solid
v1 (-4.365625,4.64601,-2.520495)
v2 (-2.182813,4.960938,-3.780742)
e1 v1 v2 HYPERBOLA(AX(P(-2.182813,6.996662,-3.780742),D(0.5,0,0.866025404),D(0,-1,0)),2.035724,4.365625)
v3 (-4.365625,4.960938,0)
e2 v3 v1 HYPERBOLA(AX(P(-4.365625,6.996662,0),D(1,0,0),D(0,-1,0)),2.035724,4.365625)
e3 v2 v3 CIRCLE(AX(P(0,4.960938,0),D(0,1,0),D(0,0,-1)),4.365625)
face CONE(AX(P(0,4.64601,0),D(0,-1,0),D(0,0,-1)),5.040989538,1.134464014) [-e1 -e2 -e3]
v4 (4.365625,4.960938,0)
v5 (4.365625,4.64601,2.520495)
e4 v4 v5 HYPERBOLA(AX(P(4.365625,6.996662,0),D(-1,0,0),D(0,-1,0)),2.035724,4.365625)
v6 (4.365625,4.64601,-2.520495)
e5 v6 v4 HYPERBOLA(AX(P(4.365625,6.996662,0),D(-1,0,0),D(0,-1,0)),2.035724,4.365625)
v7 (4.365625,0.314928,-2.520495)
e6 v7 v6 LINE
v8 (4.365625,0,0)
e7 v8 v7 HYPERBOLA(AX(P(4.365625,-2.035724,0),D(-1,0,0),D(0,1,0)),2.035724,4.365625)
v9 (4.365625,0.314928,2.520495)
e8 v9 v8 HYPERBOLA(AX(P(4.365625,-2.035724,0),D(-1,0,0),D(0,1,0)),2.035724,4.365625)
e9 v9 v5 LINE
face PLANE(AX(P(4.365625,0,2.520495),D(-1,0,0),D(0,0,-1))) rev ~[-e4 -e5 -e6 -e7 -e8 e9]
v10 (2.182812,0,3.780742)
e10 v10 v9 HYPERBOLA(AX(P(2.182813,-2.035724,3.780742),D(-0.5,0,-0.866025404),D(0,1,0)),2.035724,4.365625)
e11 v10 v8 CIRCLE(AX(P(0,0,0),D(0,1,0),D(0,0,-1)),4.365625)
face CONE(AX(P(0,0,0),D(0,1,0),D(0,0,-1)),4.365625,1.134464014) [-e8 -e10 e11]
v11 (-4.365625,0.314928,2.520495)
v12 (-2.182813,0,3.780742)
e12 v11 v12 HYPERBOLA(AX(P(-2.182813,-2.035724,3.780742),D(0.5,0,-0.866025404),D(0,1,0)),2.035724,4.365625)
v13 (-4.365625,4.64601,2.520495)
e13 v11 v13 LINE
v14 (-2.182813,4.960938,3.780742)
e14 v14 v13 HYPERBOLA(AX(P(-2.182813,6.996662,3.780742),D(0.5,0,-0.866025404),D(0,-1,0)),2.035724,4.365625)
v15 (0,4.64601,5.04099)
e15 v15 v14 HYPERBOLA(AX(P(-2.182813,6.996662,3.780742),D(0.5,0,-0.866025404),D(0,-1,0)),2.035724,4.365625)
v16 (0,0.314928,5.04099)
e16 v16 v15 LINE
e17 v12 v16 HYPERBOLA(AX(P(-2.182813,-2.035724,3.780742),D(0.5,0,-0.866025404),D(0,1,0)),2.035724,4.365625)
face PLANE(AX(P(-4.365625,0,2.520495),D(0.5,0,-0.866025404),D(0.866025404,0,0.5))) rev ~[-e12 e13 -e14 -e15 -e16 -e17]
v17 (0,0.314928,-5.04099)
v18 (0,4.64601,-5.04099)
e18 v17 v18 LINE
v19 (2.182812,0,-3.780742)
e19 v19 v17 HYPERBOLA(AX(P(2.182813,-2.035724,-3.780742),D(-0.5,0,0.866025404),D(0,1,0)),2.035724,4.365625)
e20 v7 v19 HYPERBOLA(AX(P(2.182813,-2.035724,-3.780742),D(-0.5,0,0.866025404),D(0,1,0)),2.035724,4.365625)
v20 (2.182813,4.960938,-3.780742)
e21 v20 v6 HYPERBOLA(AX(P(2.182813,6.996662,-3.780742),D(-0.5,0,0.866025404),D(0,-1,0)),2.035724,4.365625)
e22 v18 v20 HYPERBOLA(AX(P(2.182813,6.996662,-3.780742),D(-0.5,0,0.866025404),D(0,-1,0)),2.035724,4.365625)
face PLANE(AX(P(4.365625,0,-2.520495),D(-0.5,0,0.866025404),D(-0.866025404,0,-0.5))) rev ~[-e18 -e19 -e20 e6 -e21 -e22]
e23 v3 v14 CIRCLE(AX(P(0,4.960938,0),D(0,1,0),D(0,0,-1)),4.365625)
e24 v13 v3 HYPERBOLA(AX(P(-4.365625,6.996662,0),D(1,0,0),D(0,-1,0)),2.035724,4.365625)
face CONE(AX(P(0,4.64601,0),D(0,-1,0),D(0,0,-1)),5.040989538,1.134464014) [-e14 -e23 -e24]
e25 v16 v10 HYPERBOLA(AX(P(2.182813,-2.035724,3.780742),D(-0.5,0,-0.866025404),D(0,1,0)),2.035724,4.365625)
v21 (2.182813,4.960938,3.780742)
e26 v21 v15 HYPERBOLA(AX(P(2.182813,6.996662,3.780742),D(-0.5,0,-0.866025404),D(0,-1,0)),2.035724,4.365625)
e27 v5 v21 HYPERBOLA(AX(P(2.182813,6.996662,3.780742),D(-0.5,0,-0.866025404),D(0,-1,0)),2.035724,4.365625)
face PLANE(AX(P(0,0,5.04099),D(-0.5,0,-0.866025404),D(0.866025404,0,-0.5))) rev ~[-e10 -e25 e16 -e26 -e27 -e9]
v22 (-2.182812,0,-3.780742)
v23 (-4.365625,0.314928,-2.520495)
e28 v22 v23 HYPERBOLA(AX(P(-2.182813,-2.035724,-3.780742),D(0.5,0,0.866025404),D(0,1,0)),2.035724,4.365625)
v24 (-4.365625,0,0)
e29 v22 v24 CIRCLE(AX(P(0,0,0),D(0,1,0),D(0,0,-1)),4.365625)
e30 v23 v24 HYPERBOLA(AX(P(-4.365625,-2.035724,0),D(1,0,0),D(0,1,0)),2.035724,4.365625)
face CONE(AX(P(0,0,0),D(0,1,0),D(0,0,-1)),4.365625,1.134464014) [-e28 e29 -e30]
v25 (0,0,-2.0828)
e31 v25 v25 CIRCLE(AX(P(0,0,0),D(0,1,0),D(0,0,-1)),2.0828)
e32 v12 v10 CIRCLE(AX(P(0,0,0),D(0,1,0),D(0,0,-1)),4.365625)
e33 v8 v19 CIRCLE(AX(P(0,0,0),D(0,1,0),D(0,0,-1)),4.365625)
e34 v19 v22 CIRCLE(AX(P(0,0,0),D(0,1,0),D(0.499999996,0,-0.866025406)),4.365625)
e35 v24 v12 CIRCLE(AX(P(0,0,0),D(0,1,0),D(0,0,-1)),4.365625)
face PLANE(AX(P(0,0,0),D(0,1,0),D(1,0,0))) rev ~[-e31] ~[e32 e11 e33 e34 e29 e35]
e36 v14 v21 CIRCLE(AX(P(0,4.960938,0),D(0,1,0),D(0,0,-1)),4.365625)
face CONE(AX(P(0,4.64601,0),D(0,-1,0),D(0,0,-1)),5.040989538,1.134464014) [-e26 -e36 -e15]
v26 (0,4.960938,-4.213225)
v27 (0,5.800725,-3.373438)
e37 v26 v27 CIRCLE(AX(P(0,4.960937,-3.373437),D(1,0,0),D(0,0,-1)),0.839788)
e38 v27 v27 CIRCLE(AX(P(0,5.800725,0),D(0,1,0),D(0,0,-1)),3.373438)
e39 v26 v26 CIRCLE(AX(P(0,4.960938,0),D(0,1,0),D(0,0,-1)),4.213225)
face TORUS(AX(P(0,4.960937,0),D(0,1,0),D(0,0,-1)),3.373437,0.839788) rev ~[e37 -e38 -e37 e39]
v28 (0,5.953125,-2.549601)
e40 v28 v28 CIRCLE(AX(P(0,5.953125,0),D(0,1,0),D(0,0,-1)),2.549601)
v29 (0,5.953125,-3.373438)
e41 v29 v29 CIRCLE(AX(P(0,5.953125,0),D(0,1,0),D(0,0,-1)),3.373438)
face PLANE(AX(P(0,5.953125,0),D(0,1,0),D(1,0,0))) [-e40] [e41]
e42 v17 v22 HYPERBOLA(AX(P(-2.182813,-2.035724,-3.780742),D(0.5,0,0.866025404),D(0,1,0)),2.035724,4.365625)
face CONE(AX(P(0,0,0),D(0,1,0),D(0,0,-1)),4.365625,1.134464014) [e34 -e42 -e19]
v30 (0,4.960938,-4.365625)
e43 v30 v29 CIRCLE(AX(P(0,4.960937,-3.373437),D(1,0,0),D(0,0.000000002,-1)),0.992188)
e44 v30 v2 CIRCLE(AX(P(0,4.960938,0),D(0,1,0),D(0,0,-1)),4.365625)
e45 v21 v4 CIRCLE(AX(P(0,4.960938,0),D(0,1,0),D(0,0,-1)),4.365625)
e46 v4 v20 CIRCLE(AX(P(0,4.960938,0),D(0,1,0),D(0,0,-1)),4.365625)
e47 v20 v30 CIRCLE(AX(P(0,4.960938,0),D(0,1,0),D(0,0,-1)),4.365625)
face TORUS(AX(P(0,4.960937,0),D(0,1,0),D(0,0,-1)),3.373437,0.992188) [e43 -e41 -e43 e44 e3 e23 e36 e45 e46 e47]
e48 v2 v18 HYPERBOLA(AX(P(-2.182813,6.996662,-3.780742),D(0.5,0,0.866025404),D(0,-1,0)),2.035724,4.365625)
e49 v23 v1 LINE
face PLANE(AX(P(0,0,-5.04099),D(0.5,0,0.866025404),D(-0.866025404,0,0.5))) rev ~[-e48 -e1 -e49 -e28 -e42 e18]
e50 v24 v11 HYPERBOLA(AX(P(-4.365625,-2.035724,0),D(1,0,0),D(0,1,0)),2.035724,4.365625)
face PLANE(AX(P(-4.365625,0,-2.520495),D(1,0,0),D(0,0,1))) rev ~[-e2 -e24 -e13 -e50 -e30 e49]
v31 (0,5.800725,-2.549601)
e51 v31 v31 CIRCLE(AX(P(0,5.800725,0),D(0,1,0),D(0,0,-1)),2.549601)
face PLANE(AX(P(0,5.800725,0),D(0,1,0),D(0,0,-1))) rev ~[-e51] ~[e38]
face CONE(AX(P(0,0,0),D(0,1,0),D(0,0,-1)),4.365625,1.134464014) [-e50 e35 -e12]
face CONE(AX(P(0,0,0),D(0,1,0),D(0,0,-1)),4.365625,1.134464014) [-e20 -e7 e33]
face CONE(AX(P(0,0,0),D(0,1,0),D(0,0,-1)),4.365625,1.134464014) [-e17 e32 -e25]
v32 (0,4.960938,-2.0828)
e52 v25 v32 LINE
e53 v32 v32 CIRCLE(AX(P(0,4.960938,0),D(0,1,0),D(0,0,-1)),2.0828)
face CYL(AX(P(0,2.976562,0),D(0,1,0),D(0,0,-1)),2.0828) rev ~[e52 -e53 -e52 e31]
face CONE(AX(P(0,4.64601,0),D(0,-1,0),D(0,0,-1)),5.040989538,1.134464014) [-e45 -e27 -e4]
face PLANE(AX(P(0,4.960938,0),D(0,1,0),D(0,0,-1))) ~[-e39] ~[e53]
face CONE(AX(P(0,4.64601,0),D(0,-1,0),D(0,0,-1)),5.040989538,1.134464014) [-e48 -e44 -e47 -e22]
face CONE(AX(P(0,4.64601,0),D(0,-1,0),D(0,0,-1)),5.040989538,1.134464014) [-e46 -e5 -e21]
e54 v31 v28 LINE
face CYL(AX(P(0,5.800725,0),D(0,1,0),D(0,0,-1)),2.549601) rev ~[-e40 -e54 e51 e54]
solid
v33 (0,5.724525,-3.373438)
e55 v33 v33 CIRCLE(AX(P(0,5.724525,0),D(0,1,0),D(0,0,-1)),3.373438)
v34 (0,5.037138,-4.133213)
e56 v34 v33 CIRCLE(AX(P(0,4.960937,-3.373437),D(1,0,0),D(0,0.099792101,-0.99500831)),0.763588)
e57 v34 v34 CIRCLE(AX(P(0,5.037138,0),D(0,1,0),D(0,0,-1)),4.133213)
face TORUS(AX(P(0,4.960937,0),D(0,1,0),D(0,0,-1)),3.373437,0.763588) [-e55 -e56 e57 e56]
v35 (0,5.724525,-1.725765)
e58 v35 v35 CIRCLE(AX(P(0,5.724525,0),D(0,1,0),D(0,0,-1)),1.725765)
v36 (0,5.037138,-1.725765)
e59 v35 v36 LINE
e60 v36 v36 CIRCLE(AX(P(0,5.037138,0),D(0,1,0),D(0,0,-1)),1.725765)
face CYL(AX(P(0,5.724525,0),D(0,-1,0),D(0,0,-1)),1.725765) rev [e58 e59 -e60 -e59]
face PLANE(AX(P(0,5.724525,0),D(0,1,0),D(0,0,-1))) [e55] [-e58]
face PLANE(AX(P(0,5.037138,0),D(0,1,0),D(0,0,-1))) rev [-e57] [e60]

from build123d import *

# Parameters (mm, degrees)
EXTRUDE1_DEPTH = 5.953125
SKETCH2_W      = 2.0828
SKETCH2_H      = 5.953125


with BuildPart() as part:
    # Sketch1 → Extrude1 (new body)
    with BuildSketch(Plane(origin=(0, 0, 0), x_dir=(1, 0, 0), z_dir=(0, 1, 0))):
        Polygon((0, 5.040989538), (-4.365625, 2.520494769), (-4.365625, -2.520494769), (0, -5.040989538), (4.365625, -2.520494769), (4.365625, 2.520494769), align=None)
    extrude(amount=EXTRUDE1_DEPTH)

    # Sketch4 → Cut-Revolve2 (revolve, cut)
    with BuildSketch(Plane(origin=(0, 0, 0), x_dir=(0, 0, -1), z_dir=(1, 0, 0))):
        Polygon((0, 5.953125), (2.0828, 5.953125), (1.725765218, 5.786636947), (1.725765218, 0.166488053), (2.0828, 0), (0, 0), align=None)
    revolve(axis=Axis((0, 5.953125, 0), (0, 1, 0)), mode=Mode.SUBTRACT)


with BuildPart() as body_2:
    # Sketch2 → Revolve1 (revolve)
    with BuildSketch(Plane(origin=(0, 0, 0), x_dir=(0, 0, -1), z_dir=(1, 0, 0))):
        with Locations((1.0414, 2.9765625)):
            Rectangle(SKETCH2_W, SKETCH2_H)
    revolve(axis=Axis((0, -2.0828, 0), (0, 1, 0)))


with BuildPart() as part_1:
    add(part.part)

    # Combine1: cut body 2
    add(body_2.part, mode=Mode.SUBTRACT)

    # Sketch5 → Cut-Revolve3 (revolve, cut)
    with BuildSketch(Plane(origin=(0, 0, 0), x_dir=(0, 0, -1), z_dir=(1, 0, 0))):
        with BuildLine():
            Line((0, 0), (4.365625, 0))
            Line((4.365625, 0), (5.040989538, 0.314927656))
            Line((5.040989538, 0.314927656), (5.040989538, 4.646009844))
            Line((5.040989538, 4.646009844), (4.365625, 4.9609375))
            ThreePointArc((4.365625, 4.9609375), (4.075020009, 5.662520009), (3.3734375, 5.953125))
            Line((3.3734375, 5.953125), (3.3734375, 7.223125))
            Line((3.3734375, 7.223125), (6.310989538, 7.223125))
            Line((6.310989538, 7.223125), (6.310989538, -1.27))
            Line((6.310989538, -1.27), (0, -1.27))
            Line((0, -1.27), (0, 0))
        make_face()
    revolve(axis=Axis((0, 0, 0), (0, 1, 0)), mode=Mode.SUBTRACT)

    # Sketch6 → Cut-Revolve4 (revolve, cut)
    with BuildSketch(Plane(origin=(0, 0, 0), x_dir=(0, 0, -1), z_dir=(1, 0, 0))):
        with BuildLine():
            Line((0, 4.9609375), (4.213225, 4.9609375))
            ThreePointArc((4.213225, 4.9609375), (3.967256936, 5.554756936), (3.3734375, 5.800725))
            Line((3.3734375, 5.800725), (2.549601359, 5.800725))
            Line((2.549601359, 5.800725), (2.549601359, 7.223125))
            Line((2.549601359, 7.223125), (0, 7.223125))
            Line((0, 7.223125), (0, 4.9609375))
        make_face()
    revolve(axis=Axis((0, 7.223125, 0), (0, 1, 0)), mode=Mode.SUBTRACT)


with BuildPart() as body_2_2:
    # Sketch7 → Revolve2 (revolve)
    with BuildSketch(Plane(origin=(0, 0, 0), x_dir=(0, 0, -1), z_dir=(1, 0, 0))):
        with BuildLine():
            Line((1.725765218, 5.0371375), (4.133213408, 5.0371375))
            ThreePointArc((4.133213408, 5.0371375), (3.885726726, 5.527175629), (3.3734375, 5.724525))
            Line((3.3734375, 5.724525), (1.725765218, 5.724525))
            Line((1.725765218, 5.724525), (1.725765218, 5.0371375))
        make_face()
    revolve(axis=Axis((0, 5.0371375, 0), (0, 1, 0)))


solid = Compound([part_1.part, body_2_2.part])
